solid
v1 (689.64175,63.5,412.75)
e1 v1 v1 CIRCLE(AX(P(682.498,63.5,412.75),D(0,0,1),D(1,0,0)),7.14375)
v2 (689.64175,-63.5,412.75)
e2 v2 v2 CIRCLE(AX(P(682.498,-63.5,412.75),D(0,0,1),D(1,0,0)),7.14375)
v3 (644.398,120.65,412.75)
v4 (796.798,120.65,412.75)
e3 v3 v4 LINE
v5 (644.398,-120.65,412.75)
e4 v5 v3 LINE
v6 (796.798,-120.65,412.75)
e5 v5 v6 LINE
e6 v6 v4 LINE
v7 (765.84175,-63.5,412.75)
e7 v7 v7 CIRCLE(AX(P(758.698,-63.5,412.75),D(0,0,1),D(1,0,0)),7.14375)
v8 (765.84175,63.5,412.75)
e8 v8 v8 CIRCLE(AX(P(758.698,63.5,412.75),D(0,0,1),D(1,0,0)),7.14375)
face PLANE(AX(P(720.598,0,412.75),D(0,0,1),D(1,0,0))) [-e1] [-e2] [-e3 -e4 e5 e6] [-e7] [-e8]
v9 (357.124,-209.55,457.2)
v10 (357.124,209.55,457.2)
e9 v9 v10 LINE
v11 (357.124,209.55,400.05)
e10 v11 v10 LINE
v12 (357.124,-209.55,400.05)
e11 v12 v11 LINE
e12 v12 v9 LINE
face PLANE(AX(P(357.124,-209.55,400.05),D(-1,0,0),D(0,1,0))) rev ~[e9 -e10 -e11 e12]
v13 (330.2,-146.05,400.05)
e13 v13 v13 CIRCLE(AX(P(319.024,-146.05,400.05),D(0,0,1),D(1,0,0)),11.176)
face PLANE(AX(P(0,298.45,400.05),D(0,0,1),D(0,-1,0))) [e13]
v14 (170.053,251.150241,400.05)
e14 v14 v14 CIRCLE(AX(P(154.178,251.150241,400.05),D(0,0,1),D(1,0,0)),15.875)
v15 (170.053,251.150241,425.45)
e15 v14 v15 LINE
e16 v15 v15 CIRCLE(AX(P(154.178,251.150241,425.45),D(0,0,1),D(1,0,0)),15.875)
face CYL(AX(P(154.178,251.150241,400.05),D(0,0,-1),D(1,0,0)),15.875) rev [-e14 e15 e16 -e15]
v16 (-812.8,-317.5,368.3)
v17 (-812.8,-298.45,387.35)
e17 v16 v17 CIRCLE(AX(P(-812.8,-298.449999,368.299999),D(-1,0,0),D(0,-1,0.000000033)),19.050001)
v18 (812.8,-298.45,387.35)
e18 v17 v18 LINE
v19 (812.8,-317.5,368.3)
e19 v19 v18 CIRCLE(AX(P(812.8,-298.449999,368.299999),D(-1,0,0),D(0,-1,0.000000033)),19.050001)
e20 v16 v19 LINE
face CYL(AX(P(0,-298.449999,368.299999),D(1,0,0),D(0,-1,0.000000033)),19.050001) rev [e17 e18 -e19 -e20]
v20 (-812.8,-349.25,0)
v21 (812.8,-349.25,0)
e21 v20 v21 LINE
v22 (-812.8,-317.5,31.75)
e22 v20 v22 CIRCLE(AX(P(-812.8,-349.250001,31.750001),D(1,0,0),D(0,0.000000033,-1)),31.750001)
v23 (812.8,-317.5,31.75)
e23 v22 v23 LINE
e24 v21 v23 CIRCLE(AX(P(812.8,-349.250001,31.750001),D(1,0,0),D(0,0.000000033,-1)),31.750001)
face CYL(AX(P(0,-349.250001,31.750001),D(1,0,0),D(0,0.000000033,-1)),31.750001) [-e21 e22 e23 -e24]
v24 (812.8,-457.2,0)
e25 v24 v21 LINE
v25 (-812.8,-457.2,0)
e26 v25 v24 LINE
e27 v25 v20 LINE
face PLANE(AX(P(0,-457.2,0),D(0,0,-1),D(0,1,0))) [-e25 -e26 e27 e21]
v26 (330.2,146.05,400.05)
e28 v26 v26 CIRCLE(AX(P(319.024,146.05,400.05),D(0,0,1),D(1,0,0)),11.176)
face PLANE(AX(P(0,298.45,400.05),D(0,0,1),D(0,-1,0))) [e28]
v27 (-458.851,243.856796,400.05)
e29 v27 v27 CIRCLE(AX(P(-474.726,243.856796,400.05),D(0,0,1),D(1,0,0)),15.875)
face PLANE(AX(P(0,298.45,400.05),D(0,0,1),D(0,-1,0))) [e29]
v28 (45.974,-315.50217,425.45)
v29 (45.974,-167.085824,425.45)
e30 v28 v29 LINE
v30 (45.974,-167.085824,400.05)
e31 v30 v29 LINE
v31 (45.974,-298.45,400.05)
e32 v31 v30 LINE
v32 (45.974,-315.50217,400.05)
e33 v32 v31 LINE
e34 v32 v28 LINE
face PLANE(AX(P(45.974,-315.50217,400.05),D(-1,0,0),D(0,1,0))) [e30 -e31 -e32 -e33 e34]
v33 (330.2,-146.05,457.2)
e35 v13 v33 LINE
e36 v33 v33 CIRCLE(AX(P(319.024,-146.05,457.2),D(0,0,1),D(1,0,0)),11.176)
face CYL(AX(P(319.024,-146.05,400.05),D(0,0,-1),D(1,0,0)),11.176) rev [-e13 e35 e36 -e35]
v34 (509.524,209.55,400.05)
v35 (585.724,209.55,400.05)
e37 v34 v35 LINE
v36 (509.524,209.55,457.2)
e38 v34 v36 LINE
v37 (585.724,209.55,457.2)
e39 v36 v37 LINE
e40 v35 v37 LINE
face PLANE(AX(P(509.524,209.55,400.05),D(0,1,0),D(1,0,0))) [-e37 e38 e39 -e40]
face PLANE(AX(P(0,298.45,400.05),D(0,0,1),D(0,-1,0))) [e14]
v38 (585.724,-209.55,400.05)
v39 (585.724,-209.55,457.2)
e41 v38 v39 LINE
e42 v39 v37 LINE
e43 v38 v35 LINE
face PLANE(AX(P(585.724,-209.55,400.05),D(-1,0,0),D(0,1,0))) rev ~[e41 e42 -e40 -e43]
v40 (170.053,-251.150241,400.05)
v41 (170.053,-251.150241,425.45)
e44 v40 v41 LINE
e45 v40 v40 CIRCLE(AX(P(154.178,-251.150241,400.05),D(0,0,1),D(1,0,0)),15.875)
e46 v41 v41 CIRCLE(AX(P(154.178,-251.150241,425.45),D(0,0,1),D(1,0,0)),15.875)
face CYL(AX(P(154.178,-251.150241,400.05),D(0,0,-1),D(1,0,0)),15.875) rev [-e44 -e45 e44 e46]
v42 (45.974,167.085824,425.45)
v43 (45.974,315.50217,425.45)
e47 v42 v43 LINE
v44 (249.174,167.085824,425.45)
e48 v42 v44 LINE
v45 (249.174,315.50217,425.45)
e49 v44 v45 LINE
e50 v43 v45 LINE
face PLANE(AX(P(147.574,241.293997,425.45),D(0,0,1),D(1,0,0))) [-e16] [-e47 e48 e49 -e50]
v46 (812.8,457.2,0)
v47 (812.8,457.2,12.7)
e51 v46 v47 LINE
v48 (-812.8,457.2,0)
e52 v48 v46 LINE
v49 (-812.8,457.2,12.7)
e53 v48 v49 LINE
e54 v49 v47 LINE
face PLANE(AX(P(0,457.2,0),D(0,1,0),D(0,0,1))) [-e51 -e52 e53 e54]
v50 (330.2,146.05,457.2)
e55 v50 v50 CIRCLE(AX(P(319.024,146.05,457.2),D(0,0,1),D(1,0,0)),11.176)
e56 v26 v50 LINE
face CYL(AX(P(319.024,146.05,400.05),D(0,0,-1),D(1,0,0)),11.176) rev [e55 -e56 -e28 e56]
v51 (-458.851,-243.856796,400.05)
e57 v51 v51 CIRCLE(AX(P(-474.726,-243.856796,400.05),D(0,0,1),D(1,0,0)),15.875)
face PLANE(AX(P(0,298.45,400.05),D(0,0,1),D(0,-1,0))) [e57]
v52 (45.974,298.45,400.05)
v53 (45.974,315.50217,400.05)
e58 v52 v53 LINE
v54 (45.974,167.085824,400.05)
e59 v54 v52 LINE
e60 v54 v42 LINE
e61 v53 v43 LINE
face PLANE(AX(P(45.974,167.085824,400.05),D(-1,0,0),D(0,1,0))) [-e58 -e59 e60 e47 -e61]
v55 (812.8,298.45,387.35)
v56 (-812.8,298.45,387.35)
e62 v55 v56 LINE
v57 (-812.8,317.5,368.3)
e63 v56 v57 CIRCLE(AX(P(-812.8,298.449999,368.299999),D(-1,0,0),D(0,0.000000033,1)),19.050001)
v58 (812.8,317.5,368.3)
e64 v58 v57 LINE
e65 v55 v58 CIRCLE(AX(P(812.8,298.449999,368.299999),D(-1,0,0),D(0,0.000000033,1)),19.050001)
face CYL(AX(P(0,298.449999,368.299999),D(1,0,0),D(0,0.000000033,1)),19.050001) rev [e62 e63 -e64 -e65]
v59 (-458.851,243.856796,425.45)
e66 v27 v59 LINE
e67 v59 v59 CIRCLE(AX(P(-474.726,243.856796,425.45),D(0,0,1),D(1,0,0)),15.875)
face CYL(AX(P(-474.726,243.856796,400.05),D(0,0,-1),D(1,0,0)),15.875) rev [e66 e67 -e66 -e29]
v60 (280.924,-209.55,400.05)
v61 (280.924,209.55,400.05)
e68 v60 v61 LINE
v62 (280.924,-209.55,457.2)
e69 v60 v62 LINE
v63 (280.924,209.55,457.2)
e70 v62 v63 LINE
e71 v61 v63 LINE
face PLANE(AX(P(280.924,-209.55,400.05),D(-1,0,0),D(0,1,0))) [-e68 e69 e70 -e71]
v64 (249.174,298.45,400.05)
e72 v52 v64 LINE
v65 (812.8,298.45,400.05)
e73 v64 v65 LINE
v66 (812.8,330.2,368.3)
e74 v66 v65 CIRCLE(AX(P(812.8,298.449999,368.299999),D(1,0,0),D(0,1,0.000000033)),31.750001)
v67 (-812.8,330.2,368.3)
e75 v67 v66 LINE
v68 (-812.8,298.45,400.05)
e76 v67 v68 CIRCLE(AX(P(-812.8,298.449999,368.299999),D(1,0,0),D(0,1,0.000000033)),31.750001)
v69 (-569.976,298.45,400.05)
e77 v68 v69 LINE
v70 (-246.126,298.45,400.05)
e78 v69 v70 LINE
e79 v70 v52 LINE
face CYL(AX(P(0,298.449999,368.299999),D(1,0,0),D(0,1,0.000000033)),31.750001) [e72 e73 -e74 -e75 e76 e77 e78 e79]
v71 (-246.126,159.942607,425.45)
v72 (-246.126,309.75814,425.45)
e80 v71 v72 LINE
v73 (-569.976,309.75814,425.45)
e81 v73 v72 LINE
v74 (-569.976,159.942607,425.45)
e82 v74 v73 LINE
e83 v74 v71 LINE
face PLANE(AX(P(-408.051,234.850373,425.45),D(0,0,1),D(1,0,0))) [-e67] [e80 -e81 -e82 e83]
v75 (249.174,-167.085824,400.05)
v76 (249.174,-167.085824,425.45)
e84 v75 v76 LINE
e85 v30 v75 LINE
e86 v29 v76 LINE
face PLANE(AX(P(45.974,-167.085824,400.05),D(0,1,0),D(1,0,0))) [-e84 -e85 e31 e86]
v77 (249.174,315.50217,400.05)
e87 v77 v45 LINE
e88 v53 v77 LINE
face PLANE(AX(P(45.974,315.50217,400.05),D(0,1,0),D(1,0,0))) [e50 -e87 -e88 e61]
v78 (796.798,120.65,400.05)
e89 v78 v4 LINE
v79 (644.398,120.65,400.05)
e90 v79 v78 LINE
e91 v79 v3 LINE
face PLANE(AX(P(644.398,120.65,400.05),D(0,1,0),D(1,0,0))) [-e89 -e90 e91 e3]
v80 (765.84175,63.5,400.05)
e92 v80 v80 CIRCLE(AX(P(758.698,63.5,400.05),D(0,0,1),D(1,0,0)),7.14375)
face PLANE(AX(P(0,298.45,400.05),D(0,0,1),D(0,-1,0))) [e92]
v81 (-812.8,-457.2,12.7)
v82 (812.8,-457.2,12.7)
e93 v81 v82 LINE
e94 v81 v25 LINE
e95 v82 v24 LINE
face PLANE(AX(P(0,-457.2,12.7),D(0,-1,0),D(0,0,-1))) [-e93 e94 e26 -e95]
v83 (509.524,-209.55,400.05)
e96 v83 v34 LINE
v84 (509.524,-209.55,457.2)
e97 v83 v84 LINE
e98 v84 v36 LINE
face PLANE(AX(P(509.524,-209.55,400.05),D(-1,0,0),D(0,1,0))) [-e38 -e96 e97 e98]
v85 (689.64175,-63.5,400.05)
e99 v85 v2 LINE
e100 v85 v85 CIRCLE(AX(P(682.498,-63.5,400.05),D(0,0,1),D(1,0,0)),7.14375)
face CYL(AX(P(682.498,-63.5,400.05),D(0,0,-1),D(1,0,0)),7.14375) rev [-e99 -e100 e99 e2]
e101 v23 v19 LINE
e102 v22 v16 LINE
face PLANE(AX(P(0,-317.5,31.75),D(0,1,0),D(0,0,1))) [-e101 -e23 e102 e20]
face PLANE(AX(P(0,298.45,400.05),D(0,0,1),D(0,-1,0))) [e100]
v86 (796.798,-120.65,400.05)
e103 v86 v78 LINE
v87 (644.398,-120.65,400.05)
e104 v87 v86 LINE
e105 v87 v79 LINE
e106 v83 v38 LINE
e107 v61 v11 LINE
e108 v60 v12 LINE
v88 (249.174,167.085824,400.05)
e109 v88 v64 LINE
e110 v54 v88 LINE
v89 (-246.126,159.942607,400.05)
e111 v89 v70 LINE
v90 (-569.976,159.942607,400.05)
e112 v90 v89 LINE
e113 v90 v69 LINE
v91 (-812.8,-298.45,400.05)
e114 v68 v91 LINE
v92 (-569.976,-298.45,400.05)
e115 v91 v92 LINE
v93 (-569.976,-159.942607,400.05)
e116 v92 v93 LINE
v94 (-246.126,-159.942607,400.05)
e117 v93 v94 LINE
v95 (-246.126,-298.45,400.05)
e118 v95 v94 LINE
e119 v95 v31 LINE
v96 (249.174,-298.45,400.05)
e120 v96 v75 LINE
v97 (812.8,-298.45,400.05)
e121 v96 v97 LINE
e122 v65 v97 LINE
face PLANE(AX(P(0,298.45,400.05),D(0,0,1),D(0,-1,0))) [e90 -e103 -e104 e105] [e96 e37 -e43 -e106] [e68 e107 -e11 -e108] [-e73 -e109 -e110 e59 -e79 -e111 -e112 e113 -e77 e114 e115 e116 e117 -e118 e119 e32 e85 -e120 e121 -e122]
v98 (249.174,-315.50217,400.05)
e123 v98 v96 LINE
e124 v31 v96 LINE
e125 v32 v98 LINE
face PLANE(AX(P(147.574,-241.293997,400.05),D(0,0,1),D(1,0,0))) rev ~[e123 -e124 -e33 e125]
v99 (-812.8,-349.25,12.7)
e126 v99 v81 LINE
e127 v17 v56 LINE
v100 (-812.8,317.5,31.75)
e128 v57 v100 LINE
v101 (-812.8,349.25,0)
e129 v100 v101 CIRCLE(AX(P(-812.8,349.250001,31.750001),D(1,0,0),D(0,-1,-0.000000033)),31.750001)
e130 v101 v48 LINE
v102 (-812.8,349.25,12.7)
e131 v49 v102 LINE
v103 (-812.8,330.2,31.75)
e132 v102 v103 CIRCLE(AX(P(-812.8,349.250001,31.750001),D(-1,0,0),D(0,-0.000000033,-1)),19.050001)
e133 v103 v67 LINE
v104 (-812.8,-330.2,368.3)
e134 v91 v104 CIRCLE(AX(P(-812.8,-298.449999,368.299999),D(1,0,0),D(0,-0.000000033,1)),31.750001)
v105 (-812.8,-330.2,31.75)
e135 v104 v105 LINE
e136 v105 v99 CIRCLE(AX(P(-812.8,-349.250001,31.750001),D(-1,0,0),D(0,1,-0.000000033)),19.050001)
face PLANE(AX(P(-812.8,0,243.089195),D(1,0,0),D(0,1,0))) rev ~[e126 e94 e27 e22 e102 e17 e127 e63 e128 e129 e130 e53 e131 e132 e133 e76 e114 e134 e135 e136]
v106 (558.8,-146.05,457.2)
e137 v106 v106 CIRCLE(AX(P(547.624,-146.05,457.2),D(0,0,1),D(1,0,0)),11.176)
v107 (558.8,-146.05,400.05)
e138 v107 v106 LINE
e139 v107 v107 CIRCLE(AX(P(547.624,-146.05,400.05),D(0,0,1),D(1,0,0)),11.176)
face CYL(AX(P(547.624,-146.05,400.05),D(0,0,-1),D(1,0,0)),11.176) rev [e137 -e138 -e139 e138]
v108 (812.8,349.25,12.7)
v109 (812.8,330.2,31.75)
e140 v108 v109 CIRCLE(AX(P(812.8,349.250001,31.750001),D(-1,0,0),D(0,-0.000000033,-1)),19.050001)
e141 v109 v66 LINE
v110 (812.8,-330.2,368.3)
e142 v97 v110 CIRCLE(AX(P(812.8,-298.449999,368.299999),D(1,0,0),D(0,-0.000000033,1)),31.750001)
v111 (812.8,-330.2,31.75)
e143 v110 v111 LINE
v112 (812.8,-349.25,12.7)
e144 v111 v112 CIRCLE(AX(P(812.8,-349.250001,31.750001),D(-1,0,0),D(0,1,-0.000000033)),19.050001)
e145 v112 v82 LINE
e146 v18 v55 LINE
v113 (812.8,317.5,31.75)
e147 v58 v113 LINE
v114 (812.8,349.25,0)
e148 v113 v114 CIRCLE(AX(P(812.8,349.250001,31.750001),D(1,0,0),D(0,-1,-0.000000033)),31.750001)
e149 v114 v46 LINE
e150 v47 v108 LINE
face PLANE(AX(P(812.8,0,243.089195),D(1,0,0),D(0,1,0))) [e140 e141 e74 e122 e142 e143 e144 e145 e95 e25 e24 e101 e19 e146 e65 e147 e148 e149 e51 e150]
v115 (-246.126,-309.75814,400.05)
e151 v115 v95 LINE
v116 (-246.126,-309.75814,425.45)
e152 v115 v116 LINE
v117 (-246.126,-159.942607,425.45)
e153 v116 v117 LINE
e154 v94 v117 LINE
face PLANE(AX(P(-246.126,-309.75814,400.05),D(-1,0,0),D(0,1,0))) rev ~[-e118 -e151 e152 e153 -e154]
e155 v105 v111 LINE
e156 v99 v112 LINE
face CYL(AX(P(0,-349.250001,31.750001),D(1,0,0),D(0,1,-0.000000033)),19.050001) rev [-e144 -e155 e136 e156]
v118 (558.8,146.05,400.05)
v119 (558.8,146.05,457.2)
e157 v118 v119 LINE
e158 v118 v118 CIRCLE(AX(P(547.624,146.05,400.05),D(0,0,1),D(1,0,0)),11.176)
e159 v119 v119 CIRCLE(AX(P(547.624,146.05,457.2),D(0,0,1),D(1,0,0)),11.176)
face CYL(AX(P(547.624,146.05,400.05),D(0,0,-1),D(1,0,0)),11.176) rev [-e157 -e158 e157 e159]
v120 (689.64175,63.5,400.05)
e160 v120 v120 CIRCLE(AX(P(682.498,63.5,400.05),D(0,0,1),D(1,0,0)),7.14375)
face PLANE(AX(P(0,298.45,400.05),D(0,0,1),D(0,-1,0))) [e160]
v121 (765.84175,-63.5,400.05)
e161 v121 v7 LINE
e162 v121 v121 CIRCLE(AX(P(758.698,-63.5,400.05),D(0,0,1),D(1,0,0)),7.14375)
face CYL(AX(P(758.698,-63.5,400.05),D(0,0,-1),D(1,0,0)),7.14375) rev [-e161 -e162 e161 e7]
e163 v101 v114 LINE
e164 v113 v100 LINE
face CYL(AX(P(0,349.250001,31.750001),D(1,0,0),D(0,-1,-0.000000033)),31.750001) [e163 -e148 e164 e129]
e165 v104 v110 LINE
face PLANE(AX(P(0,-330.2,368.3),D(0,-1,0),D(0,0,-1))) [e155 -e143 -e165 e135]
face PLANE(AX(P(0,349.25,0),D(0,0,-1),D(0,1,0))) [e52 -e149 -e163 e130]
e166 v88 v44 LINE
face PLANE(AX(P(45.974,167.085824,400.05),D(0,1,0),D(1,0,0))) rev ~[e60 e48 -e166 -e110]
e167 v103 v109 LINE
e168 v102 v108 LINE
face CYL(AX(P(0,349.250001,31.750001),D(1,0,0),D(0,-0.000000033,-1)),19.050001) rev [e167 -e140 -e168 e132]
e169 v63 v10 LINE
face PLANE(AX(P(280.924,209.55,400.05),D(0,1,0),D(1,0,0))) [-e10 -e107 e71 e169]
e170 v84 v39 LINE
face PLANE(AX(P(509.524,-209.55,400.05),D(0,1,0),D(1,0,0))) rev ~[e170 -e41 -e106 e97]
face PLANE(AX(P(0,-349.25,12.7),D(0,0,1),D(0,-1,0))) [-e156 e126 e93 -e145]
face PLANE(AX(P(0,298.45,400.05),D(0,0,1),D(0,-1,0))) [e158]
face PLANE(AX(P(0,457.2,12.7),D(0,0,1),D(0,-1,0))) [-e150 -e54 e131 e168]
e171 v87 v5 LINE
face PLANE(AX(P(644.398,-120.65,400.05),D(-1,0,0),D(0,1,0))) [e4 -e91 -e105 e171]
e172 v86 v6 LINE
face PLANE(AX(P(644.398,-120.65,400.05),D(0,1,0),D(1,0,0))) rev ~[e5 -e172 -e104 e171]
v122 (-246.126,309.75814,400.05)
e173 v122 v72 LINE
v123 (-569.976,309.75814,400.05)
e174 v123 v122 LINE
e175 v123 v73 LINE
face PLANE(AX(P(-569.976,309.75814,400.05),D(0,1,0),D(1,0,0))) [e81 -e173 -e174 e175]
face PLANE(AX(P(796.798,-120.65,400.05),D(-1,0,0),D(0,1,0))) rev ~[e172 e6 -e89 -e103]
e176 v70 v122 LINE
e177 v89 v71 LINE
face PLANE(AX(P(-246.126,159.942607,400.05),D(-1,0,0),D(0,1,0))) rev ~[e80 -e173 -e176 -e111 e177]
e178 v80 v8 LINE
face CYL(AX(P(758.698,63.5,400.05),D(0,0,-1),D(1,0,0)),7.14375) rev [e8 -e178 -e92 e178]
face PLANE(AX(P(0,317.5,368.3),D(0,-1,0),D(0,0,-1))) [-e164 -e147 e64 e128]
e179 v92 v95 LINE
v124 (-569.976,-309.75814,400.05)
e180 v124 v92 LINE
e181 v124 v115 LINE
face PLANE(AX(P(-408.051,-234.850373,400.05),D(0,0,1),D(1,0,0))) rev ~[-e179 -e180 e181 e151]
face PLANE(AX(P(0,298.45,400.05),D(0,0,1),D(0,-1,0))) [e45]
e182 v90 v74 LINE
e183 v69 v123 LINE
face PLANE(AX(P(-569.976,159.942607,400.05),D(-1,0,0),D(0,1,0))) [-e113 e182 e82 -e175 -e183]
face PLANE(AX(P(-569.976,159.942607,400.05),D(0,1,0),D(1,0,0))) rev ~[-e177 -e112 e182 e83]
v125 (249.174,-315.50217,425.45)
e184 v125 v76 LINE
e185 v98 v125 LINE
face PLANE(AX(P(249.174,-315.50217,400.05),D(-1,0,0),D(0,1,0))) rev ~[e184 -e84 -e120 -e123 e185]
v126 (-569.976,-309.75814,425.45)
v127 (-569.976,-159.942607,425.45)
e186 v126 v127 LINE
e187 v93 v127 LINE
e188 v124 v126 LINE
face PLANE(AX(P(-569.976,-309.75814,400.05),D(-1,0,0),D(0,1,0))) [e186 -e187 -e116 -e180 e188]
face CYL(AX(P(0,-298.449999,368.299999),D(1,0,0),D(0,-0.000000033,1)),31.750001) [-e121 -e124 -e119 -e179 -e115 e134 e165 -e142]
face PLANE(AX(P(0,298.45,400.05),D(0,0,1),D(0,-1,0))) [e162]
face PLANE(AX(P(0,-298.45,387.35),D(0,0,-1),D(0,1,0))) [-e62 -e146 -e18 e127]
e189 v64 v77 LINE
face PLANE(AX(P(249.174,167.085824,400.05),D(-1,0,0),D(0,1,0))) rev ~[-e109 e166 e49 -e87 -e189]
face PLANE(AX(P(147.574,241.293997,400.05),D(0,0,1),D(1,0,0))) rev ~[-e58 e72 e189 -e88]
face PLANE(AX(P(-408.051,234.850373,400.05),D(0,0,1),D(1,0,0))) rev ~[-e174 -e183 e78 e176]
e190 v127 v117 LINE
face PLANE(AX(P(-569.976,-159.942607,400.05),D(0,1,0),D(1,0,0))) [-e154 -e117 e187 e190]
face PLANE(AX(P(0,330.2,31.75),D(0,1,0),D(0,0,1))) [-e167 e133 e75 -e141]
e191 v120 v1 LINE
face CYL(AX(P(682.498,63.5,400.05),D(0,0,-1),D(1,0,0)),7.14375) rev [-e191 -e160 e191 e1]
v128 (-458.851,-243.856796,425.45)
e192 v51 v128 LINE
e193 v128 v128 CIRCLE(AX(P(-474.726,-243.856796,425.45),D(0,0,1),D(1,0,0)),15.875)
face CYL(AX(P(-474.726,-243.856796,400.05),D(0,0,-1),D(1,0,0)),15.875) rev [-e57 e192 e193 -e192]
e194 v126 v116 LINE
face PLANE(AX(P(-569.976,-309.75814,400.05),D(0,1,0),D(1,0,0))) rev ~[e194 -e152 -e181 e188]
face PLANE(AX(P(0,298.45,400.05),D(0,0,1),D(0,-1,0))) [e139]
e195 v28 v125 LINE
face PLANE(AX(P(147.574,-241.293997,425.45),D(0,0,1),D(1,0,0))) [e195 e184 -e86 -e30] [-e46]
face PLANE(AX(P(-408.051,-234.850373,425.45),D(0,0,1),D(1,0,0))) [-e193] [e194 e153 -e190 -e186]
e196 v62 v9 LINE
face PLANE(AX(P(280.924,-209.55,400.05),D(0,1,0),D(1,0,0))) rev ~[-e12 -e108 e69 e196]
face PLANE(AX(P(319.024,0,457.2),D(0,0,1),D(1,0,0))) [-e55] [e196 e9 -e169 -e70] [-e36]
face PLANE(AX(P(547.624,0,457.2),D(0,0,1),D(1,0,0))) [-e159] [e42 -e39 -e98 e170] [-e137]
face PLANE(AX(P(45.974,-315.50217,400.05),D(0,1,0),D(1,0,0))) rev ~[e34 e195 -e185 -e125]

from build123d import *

# Parameters (mm, degrees)
F1_DEPTH = 812.8
F2_W     = 323.85
F2_H     = 149.815533
F2_R     = 15.875
F2_W_2   = 203.2
F2_H_2   = 148.416346
F3_DEPTH = 25.4
F4_W     = 76.2
F4_H     = 419.1
F4_R     = 11.176
F5_DEPTH = 57.15
F6_W     = 152.4
F6_H     = 241.3
F6_R     = 7.14375
F7_DEPTH = 12.7


with BuildPart() as f1:
    # F0 (on Right) → F1 (new body, symmetric)
    with BuildSketch(Plane.YZ):
        with BuildLine():
            ThreePointArc((317.5, 31.75), (326.79936, 9.29936), (349.25, 0))
            Line((349.25, 0), (457.2, 0))
            Line((457.2, 0), (457.2, 12.7))
            Line((457.2, 12.7), (349.25, 12.7))
            ThreePointArc((349.25, 12.7), (335.779616, 18.279616), (330.2, 31.75))
            Line((330.2, 31.75), (330.2, 368.3))
            ThreePointArc((330.2, 368.3), (320.90064, 390.75064), (298.45, 400.05))
            Line((298.45, 400.05), (0, 400.05))
            Line((0, 400.05), (-298.45, 400.05))
            ThreePointArc((-298.45, 400.05), (-320.90064, 390.75064), (-330.2, 368.3))
            Line((-330.2, 368.3), (-330.2, 31.75))
            ThreePointArc((-330.2, 31.75), (-335.779616, 18.279616), (-349.25, 12.7))
            Line((-349.25, 12.7), (-457.2, 12.7))
            Line((-457.2, 12.7), (-457.2, 0))
            Line((-457.2, 0), (-349.25, 0))
            ThreePointArc((-349.25, 0), (-326.79936, 9.29936), (-317.5, 31.75))
            Line((-317.5, 31.75), (-317.5, 368.3))
            ThreePointArc((-317.5, 368.3), (-311.920384, 381.770384), (-298.45, 387.35))
            Line((-298.45, 387.35), (0, 387.35))
            Line((0, 387.35), (298.45, 387.35))
            ThreePointArc((298.45, 387.35), (311.920384, 381.770384), (317.5, 368.3))
            Line((317.5, 368.3), (317.5, 31.75))
        make_face()
    extrude(amount=F1_DEPTH, both=True)

    # F2 (on face) → F3 (join)
    with BuildSketch(Plane.XY.offset(400.05)):
        with Locations((-408.051, -234.850373)):
            Rectangle(F2_W, F2_H)
        with Locations((-474.726, -243.856796)):
            Circle(F2_R, mode=Mode.SUBTRACT)
        with Locations((147.574, -241.293997)):
            Rectangle(F2_W_2, F2_H_2)
        with Locations((154.178, -251.150241)):
            Circle(F2_R, mode=Mode.SUBTRACT)
        with Locations((-408.051, 234.850373)):
            Rectangle(F2_W, F2_H)
        with Locations((-474.726, 243.856796)):
            Circle(F2_R, mode=Mode.SUBTRACT)
        with Locations((147.574, 241.293997)):
            Rectangle(F2_W_2, F2_H_2)
        with Locations((154.178, 251.150241)):
            Circle(F2_R, mode=Mode.SUBTRACT)
    extrude(amount=F3_DEPTH)

    # F4 (on face) → F5 (join)
    with BuildSketch(Plane.XY.offset(400.05)):
        with Locations((547.624, 0)):
            Rectangle(F4_W, F4_H)
        with Locations((547.624, -146.05)):
            Circle(F4_R, mode=Mode.SUBTRACT)
        with Locations((547.624, 146.05)):
            Circle(F4_R, mode=Mode.SUBTRACT)
        with Locations((319.024, 0)):
            Rectangle(F4_W, F4_H)
        with Locations((319.024, -146.05)):
            Circle(F4_R, mode=Mode.SUBTRACT)
        with Locations((319.024, 146.05)):
            Circle(F4_R, mode=Mode.SUBTRACT)
    extrude(amount=F5_DEPTH)

    # F6 (on face) → F7 (join)
    with BuildSketch(Plane.XY.offset(400.05)):
        with Locations((720.598, 0)):
            Rectangle(F6_W, F6_H)
        with Locations((682.498, -63.5)):
            Circle(F6_R, mode=Mode.SUBTRACT)
        with Locations((758.698, -63.5)):
            Circle(F6_R, mode=Mode.SUBTRACT)
        with Locations((682.498, 63.5)):
            Circle(F6_R, mode=Mode.SUBTRACT)
        with Locations((758.698, 63.5)):
            Circle(F6_R, mode=Mode.SUBTRACT)
    extrude(amount=F7_DEPTH)


solid = f1.part
